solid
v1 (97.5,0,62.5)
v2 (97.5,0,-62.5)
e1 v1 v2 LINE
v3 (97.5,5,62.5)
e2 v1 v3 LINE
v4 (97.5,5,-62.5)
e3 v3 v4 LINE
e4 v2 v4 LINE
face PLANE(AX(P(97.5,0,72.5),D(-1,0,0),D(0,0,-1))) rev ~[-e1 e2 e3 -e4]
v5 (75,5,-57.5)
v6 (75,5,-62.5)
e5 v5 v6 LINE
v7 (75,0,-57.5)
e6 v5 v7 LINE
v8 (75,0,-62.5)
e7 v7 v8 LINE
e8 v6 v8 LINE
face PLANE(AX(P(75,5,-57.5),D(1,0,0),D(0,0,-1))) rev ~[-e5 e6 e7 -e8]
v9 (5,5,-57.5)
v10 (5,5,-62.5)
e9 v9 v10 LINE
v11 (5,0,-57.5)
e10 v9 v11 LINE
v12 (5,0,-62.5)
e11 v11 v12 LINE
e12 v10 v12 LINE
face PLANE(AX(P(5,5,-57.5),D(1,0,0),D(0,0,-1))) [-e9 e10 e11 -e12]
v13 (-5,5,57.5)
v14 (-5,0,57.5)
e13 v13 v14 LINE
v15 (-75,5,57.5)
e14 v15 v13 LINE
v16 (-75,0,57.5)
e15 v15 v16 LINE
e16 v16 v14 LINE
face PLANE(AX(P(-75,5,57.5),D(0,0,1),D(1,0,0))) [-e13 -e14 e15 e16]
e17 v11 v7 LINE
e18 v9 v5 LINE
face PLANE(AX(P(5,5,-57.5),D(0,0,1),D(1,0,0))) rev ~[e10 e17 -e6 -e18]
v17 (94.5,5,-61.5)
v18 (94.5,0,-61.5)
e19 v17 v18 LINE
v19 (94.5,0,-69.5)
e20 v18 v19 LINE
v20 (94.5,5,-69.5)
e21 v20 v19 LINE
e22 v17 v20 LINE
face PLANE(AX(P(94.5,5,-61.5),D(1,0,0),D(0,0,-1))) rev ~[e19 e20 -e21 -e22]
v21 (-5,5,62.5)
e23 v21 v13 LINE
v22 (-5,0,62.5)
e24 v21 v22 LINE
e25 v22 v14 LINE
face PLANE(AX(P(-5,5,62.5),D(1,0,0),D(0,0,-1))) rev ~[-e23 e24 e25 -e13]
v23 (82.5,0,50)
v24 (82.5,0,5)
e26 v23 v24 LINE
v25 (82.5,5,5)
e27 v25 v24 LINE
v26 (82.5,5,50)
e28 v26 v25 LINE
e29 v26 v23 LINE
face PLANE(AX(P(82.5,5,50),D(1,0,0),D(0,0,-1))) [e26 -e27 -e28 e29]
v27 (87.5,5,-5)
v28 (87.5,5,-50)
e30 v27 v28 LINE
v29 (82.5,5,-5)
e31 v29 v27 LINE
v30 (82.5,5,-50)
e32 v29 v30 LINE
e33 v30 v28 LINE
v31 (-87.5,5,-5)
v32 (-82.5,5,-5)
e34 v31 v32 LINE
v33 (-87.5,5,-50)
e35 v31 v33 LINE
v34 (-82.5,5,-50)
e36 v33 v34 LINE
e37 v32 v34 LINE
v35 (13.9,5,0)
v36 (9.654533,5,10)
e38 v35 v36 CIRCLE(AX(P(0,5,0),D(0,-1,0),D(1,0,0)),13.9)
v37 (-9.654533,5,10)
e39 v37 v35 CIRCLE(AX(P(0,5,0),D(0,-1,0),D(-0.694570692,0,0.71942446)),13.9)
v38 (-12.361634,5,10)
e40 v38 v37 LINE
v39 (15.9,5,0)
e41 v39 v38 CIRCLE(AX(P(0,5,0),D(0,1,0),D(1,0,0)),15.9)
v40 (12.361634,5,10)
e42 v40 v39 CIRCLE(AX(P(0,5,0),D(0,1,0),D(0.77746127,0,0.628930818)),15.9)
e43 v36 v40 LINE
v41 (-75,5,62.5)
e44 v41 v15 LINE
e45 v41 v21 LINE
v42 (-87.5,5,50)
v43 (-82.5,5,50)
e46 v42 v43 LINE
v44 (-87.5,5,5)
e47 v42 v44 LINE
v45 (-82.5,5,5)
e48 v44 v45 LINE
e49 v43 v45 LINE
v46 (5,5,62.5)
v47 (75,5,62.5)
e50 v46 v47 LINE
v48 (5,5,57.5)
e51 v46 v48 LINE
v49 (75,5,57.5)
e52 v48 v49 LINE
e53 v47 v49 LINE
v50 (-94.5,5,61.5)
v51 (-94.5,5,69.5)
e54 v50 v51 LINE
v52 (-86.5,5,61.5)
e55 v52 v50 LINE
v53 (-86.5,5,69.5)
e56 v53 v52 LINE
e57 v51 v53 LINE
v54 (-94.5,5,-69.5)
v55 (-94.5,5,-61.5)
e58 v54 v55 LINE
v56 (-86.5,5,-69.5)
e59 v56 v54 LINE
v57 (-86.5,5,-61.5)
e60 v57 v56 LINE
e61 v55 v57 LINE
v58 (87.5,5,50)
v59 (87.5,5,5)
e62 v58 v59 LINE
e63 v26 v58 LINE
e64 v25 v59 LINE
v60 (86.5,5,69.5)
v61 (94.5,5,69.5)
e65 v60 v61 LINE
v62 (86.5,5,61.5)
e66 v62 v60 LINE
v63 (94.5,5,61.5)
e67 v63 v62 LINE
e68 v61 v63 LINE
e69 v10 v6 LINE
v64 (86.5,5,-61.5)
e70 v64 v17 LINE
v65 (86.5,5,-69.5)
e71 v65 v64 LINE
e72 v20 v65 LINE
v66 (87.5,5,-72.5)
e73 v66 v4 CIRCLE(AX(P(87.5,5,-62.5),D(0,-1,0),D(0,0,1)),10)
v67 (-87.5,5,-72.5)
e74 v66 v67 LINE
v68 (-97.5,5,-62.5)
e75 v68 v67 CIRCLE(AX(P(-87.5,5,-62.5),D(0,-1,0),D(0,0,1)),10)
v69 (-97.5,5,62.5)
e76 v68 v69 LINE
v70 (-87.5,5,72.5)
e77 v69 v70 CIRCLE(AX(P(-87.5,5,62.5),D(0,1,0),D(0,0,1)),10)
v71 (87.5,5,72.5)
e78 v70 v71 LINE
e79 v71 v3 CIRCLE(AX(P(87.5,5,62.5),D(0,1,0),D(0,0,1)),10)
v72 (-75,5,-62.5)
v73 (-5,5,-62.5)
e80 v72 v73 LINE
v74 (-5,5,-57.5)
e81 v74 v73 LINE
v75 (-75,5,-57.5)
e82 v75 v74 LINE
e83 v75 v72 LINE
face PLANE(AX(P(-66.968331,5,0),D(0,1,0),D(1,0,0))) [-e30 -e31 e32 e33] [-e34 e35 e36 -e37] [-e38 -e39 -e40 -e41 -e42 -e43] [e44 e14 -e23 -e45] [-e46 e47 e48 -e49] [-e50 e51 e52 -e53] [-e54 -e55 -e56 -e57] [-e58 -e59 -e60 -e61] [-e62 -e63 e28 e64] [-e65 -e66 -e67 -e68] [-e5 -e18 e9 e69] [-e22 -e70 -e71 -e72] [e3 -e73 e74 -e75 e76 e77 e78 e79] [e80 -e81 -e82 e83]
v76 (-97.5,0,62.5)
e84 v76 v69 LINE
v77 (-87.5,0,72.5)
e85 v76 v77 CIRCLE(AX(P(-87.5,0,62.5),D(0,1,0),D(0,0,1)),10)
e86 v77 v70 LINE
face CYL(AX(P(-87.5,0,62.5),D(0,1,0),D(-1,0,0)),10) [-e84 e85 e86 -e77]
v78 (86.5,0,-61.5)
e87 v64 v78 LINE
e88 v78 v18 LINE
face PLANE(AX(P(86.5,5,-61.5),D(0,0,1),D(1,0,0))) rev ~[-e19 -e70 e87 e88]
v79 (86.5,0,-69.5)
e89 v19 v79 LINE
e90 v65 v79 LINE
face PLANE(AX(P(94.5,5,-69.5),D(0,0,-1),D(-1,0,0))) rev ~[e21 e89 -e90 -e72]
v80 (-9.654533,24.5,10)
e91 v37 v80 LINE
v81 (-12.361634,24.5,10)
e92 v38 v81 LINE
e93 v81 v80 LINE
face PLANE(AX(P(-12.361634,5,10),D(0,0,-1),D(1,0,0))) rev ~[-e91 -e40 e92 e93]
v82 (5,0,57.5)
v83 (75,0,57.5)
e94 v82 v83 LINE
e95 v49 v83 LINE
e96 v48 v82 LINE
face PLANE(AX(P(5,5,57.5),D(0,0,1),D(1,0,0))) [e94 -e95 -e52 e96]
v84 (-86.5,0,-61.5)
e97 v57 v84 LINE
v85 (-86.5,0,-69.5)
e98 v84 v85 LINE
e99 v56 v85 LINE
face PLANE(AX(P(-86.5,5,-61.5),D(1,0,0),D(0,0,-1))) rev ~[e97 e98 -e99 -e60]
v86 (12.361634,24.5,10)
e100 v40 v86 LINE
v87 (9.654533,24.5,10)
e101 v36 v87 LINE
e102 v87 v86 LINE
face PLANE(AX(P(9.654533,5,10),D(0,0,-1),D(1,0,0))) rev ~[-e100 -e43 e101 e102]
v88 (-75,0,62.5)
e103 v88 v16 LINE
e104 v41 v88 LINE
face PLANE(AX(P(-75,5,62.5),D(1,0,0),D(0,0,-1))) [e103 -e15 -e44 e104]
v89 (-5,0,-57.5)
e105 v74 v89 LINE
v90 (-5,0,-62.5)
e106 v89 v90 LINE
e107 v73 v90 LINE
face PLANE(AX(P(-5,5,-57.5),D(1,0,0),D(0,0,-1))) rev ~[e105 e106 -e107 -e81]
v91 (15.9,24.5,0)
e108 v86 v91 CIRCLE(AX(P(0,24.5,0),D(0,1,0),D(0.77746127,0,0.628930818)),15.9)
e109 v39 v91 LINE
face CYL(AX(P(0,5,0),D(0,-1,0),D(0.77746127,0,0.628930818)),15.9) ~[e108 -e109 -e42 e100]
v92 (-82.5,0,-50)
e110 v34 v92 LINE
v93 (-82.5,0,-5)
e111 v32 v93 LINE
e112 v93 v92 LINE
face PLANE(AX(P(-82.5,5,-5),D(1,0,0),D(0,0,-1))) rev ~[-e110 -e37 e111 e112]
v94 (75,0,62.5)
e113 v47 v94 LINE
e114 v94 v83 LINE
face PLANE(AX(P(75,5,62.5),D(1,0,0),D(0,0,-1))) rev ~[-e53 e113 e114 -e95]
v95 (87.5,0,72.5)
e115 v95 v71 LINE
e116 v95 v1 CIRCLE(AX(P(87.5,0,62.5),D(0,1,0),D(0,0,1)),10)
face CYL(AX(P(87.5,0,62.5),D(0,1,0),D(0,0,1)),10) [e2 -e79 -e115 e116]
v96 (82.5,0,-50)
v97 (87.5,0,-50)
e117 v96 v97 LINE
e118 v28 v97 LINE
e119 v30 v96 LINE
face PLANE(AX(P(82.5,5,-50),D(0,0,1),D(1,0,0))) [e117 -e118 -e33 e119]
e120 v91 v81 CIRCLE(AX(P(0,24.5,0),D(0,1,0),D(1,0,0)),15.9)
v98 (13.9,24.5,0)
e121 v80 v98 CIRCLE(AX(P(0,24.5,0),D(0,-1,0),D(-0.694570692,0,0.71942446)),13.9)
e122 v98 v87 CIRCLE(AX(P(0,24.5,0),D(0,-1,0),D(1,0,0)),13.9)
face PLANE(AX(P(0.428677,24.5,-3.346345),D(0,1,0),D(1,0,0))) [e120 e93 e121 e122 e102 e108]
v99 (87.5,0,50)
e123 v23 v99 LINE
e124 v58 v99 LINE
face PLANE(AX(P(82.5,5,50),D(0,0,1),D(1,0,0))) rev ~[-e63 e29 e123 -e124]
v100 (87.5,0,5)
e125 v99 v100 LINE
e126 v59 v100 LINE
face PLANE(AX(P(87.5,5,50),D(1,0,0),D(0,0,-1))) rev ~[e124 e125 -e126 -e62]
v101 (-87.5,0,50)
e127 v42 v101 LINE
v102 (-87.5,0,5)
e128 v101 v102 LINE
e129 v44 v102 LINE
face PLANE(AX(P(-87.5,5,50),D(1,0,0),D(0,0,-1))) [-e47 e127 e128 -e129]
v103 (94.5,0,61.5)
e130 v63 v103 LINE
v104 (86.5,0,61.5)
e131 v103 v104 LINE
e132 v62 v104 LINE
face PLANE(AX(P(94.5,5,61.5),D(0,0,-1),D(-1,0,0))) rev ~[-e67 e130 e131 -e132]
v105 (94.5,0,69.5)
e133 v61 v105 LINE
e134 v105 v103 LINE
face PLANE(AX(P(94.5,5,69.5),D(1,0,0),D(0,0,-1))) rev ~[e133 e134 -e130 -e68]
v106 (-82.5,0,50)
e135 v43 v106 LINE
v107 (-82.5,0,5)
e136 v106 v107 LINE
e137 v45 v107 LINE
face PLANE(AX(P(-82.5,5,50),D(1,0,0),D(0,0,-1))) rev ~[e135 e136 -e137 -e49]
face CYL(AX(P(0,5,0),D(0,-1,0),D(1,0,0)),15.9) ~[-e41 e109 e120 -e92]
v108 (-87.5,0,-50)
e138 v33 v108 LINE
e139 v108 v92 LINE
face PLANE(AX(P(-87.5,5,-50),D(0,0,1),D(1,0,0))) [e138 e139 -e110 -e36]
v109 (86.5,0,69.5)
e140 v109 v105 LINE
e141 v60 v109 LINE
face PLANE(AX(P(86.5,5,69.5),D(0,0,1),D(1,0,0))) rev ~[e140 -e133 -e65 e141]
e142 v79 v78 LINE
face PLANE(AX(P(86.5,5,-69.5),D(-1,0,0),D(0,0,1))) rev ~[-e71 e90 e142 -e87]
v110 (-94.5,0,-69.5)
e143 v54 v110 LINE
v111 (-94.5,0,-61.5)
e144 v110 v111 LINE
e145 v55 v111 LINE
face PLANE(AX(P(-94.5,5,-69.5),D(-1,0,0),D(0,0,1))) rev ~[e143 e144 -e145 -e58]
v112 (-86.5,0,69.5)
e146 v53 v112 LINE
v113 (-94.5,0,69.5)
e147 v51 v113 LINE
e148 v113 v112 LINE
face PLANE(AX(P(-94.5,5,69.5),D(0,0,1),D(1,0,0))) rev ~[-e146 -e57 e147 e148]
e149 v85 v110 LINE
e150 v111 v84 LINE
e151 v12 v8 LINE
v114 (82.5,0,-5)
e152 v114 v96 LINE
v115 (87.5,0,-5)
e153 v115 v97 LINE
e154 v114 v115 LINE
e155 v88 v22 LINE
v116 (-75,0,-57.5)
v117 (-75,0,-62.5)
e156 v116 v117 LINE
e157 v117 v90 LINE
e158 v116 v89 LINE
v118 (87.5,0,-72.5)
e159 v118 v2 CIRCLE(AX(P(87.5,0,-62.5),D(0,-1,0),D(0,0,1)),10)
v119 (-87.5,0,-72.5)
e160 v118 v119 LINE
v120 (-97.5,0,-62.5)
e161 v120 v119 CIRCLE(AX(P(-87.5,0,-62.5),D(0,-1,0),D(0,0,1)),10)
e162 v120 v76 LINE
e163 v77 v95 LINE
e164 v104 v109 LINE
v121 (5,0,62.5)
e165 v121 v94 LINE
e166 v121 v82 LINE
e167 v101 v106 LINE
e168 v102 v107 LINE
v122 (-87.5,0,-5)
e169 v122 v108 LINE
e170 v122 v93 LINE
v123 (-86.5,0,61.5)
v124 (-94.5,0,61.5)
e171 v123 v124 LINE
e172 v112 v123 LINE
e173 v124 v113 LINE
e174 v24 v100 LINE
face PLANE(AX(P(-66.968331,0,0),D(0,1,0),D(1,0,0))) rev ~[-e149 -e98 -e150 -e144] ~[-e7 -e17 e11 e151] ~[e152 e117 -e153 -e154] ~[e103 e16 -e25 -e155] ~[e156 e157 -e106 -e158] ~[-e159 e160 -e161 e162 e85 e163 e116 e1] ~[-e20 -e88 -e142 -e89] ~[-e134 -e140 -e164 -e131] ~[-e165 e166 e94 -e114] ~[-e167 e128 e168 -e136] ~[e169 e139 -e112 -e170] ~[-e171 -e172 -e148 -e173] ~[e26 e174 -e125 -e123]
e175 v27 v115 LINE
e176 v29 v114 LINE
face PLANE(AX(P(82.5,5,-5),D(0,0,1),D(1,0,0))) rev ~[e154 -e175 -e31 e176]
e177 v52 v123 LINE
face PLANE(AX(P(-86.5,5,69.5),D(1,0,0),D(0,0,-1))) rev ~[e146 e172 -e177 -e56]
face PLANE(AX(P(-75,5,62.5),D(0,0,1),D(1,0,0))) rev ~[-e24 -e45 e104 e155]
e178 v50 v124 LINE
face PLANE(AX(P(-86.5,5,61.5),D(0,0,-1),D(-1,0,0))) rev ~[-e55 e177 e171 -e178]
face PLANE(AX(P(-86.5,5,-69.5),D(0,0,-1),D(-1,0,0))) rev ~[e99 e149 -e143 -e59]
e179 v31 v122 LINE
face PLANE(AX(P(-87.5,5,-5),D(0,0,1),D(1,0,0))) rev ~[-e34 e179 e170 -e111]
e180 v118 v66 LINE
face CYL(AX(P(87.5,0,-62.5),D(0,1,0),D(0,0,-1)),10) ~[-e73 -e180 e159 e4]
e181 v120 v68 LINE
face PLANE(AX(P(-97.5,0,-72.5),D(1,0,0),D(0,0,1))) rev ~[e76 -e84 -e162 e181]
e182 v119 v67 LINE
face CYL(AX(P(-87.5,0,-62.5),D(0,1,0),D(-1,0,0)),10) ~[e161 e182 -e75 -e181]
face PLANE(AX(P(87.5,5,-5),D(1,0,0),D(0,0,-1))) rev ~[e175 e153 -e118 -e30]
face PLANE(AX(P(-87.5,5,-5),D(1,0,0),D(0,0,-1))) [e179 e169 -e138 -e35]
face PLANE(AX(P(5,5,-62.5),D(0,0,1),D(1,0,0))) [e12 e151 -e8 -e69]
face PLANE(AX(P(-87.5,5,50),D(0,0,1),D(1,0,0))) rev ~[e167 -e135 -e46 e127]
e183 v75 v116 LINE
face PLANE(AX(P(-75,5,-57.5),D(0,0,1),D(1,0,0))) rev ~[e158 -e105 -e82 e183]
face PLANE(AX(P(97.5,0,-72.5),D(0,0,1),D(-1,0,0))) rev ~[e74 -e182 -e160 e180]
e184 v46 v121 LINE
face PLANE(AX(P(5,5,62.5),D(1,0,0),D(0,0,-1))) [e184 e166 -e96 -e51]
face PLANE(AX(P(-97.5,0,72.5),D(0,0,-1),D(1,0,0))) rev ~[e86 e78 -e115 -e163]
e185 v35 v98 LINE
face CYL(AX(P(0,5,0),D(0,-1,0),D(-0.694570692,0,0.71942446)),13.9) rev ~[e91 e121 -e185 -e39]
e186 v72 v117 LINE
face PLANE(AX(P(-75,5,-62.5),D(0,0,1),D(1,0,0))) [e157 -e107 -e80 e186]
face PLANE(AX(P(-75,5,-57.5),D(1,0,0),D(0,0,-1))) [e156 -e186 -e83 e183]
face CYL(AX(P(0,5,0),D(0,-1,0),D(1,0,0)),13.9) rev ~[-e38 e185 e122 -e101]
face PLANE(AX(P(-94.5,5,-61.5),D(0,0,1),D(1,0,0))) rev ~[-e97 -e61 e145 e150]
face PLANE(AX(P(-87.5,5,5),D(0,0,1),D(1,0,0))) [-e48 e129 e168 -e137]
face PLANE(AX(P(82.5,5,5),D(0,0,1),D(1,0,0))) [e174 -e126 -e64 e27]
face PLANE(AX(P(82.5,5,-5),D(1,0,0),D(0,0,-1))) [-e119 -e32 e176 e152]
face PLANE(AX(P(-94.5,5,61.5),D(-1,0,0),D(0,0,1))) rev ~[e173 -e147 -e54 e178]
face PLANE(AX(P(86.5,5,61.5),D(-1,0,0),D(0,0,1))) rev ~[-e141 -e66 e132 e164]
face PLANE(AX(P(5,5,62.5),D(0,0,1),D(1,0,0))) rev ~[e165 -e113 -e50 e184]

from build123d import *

# Parameters (mm, degrees)
BOSS_EXTRUDE2_DEPTH = 5
SKETCH5_W           = 5
SKETCH5_H           = 45
SKETCH5_W_2         = 70
SKETCH5_H_2         = 5
CUT_EXTRUDE5_DEPTH  = 6
BOSS_EXTRUDE3_DEPTH = 19.5
FILLET1_R           = 10
CUT_EXTRUDE6_DEPTH  = 5


with BuildPart() as part:
    # Sketch4 → Boss-Extrude2 (new body)
    with BuildSketch(Plane(origin=(0, 0, 0), x_dir=(1, 0, 0), z_dir=(0, 1, 0))):
        Polygon((0, 0), (-97.5, 72.5), (-97.5, -72.5), align=None)
        Polygon((0, 0), (-97.5, -72.5), (97.5, -72.5), align=None)
        Polygon((97.5, 72.5), (-97.5, 72.5), (0, 0), align=None)
        Polygon((97.5, -72.5), (97.5, 72.5), (0, 0), align=None)
    extrude(amount=BOSS_EXTRUDE2_DEPTH)

    # Sketch5 → Cut-Extrude5 (cut, through all)
    with BuildSketch(Plane(origin=(0, 5, 0), x_dir=(1, 0, 0), z_dir=(0, 1, 0))):
        with Locations((-85, 27.5)):
            Rectangle(SKETCH5_W, SKETCH5_H)
        with Locations((-85, -27.5)):
            Rectangle(SKETCH5_W, SKETCH5_H)
        with Locations((-40, -60)):
            Rectangle(SKETCH5_W_2, SKETCH5_H_2)
        with Locations((40, -60)):
            Rectangle(SKETCH5_W_2, SKETCH5_H_2)
        with Locations((85, -27.5)):
            Rectangle(SKETCH5_W, SKETCH5_H)
        with Locations((85, 27.5)):
            Rectangle(SKETCH5_W, SKETCH5_H)
        with Locations((40, 60)):
            Rectangle(SKETCH5_W_2, SKETCH5_H_2)
        with Locations((-40, 60)):
            Rectangle(SKETCH5_W_2, SKETCH5_H_2)
    extrude(amount=-CUT_EXTRUDE5_DEPTH, mode=Mode.SUBTRACT)

    # Sketch6 → Boss-Extrude3 (add)
    with BuildSketch(Plane(origin=(0, 5, 0), x_dir=(1, 0, 0), z_dir=(0, 1, 0))):
        with BuildLine():
            ThreePointArc((15.9, 0), (-5.30377301, 14.989329267), (-12.361634196, -10))
            Line((-12.361634196, -10), (-9.654532614, -10))
            ThreePointArc((-9.654532614, -10), (-5.431942409, 12.794686462), (13.9, 0))
            ThreePointArc((13.9, 0), (12.794686462, -5.431942409), (9.654532614, -10))
            Line((9.654532614, -10), (12.361634196, -10))
            ThreePointArc((12.361634196, -10), (14.989329267, -5.30377301), (15.9, 0))
        make_face()
    extrude(amount=BOSS_EXTRUDE3_DEPTH)

    # Fillet1
    fillet1_edges = [part.edges().sort_by_distance(p)[0] for p in [
        (-97.5, 2.5, 72.5),
        (-97.5, 2.5, -72.5),
        (97.5, 2.5, -72.5),
        (97.5, 2.5, 72.5),
    ]]
    fillet(fillet1_edges, radius=FILLET1_R)

    # Sketch7 → Cut-Extrude6 (cut)
    with BuildSketch(Plane(origin=(0, 5, 0), x_dir=(1, 0, 0), z_dir=(0, 1, 0))):
        Polygon((-86.5, 69.5), (-94.5, 69.5), (-86.5, 63.616402116), align=None)
        Polygon((-94.5, 69.5), (-94.5, 61.5), (-86.5, 61.5), (-86.5, 63.616402116), align=None)
        Polygon((-86.5, -61.5), (-94.5, -61.5), (-94.5, -69.5), (-86.5, -63.616402116), align=None)
        Polygon((-86.5, -63.616402116), (-94.5, -69.5), (-86.5, -69.5), align=None)
        Polygon((86.5, -63.616402116), (86.5, -69.5), (94.5, -69.5), align=None)
        Polygon((86.5, -61.5), (86.5, -63.616402116), (94.5, -69.5), (94.5, -61.5), align=None)
        Polygon((86.5, 69.5), (86.5, 63.616402116), (94.5, 69.5), align=None)
        Polygon((94.5, 69.5), (86.5, 63.616402116), (86.5, 61.5), (94.5, 61.5), align=None)
    extrude(amount=-CUT_EXTRUDE6_DEPTH, mode=Mode.SUBTRACT)


solid = part.part
